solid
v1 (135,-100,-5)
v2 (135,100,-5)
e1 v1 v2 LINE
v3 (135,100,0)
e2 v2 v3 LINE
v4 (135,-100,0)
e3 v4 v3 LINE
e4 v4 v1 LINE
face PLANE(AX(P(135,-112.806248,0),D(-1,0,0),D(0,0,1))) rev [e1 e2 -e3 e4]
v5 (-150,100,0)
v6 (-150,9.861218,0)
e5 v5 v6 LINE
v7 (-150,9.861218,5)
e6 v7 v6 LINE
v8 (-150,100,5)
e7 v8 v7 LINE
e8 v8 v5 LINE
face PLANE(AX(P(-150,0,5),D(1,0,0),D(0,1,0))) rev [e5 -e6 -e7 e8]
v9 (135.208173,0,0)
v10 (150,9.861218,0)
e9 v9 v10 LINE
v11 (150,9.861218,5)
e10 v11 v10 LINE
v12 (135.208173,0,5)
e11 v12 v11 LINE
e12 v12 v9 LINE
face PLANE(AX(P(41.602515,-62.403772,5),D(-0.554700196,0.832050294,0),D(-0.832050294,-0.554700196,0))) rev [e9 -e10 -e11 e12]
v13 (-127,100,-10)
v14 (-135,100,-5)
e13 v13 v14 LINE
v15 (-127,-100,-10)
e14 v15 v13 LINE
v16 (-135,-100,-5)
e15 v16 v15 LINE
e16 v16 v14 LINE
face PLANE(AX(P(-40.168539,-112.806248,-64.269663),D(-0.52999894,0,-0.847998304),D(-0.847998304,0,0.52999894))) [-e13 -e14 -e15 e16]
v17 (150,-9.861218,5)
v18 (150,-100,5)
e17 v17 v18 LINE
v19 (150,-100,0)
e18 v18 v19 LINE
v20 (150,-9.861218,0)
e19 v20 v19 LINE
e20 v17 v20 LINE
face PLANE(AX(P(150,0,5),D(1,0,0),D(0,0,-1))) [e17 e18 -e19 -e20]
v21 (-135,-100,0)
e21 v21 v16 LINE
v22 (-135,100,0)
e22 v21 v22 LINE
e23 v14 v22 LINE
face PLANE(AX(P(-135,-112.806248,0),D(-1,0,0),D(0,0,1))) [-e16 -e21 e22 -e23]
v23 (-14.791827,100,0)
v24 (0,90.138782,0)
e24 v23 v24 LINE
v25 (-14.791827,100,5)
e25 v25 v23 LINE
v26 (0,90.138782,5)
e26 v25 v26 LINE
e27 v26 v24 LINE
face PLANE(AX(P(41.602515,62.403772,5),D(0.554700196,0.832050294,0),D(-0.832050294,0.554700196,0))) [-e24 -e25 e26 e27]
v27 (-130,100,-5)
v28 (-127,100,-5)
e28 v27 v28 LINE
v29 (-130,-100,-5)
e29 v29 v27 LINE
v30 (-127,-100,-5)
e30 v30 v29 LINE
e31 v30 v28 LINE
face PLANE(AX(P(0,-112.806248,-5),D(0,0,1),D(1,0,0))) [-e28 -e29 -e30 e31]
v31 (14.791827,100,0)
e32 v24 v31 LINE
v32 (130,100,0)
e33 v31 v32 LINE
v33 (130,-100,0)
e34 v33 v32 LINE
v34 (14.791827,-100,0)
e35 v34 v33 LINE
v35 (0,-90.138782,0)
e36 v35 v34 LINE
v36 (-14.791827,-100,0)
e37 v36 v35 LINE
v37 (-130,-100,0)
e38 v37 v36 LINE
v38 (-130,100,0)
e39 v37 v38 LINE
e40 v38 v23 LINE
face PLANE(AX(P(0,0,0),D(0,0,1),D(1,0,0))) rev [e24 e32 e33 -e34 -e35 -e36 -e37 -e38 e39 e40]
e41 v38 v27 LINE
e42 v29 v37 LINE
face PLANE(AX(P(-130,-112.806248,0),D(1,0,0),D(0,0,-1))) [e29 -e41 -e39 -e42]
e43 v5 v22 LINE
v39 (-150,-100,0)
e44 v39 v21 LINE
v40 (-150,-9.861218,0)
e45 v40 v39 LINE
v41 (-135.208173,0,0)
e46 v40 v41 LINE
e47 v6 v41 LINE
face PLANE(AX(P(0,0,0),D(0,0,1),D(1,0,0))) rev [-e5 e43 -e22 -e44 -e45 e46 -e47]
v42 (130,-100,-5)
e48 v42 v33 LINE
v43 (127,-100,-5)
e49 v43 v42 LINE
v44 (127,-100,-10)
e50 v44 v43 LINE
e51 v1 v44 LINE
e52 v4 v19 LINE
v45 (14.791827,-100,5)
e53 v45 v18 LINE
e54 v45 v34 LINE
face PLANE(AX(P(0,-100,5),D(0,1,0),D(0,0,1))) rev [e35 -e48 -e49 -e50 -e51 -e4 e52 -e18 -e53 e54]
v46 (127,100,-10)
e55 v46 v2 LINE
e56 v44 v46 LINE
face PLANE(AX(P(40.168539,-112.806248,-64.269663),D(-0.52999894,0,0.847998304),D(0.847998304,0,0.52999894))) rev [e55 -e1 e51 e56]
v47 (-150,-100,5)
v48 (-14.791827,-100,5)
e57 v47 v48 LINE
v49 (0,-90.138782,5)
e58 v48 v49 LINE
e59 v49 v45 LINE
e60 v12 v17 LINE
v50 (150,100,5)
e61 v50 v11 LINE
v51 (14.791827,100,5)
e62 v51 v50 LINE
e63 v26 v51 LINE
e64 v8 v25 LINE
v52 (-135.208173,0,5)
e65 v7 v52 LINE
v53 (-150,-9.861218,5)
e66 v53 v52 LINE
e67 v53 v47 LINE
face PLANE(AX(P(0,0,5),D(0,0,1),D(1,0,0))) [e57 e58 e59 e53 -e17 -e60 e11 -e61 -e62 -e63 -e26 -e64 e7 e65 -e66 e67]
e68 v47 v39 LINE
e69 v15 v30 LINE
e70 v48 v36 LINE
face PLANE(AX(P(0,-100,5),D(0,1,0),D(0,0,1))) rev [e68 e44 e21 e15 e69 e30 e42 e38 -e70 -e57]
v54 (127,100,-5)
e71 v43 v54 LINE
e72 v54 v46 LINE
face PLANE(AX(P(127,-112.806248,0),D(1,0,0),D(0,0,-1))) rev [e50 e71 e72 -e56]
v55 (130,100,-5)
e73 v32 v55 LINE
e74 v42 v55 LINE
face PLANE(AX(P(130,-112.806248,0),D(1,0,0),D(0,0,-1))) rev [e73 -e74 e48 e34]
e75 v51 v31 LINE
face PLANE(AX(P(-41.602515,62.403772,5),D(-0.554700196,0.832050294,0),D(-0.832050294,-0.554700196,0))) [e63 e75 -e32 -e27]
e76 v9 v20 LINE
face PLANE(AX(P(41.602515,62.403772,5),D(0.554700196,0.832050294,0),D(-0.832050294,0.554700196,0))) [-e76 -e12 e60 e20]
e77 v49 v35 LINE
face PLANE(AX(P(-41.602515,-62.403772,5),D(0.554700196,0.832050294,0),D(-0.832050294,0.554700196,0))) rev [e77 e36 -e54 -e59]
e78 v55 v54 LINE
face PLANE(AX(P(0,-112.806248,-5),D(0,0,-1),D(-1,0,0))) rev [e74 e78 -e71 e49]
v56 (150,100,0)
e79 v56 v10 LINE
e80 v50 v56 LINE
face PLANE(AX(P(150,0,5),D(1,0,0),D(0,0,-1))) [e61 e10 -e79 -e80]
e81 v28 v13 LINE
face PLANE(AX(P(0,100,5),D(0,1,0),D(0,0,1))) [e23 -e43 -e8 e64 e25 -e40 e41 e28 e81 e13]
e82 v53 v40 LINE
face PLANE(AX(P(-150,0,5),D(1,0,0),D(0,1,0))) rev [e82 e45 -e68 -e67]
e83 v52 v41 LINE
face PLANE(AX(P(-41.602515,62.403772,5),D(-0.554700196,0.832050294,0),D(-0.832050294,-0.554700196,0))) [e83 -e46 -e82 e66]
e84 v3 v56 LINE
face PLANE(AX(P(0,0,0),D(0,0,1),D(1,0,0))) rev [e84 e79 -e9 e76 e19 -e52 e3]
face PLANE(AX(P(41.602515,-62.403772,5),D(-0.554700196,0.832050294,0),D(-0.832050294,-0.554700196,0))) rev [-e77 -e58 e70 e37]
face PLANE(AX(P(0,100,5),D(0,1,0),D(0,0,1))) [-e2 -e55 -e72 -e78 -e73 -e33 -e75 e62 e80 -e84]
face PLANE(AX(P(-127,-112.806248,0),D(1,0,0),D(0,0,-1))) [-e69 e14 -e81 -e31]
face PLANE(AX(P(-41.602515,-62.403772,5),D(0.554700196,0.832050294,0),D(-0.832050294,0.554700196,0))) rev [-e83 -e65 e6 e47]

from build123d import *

# Parameters (mm, degrees)
BOSS_EXTRUDE1_DEPTH = 5
BOSS_EXTRUDE2_DEPTH = 200


with BuildPart() as part:
    # Sketch1 → Boss-Extrude1 (new body)
    with BuildSketch(Plane.XY):
        Polygon((-150, 100), (-150, 9.861218113), (-135.20817283, 0), (-150, -9.861218113), (-150, -100), (-14.79182717, -100), (0, -90.138781887), (14.79182717, -100), (150, -100), (150, -9.861218113), (135.20817283, 0), (150, 9.861218113), (150, 100), (14.79182717, 100), (0, 90.138781887), (-14.79182717, 100), align=None)
    extrude(amount=BOSS_EXTRUDE1_DEPTH)

    # Sketch2 → Boss-Extrude2 (add)
    with BuildSketch(Plane(origin=(0, 100, 0), x_dir=(1, 0, 0), z_dir=(0, 1, 0))):
        Polygon((-135, 0), (-130, 0), (-130, 5), (-127, 5), (-127, 10), (-135, 5), align=None)
    boss_extrude2 = extrude(amount=-BOSS_EXTRUDE2_DEPTH)

    # Mirror1: Boss-Extrude2 across plane
    add(boss_extrude2.mirror(Plane(origin=(0, 0, 0), x_dir=(0, 0, 1), z_dir=(1, 0, 0))))


solid = part.part
